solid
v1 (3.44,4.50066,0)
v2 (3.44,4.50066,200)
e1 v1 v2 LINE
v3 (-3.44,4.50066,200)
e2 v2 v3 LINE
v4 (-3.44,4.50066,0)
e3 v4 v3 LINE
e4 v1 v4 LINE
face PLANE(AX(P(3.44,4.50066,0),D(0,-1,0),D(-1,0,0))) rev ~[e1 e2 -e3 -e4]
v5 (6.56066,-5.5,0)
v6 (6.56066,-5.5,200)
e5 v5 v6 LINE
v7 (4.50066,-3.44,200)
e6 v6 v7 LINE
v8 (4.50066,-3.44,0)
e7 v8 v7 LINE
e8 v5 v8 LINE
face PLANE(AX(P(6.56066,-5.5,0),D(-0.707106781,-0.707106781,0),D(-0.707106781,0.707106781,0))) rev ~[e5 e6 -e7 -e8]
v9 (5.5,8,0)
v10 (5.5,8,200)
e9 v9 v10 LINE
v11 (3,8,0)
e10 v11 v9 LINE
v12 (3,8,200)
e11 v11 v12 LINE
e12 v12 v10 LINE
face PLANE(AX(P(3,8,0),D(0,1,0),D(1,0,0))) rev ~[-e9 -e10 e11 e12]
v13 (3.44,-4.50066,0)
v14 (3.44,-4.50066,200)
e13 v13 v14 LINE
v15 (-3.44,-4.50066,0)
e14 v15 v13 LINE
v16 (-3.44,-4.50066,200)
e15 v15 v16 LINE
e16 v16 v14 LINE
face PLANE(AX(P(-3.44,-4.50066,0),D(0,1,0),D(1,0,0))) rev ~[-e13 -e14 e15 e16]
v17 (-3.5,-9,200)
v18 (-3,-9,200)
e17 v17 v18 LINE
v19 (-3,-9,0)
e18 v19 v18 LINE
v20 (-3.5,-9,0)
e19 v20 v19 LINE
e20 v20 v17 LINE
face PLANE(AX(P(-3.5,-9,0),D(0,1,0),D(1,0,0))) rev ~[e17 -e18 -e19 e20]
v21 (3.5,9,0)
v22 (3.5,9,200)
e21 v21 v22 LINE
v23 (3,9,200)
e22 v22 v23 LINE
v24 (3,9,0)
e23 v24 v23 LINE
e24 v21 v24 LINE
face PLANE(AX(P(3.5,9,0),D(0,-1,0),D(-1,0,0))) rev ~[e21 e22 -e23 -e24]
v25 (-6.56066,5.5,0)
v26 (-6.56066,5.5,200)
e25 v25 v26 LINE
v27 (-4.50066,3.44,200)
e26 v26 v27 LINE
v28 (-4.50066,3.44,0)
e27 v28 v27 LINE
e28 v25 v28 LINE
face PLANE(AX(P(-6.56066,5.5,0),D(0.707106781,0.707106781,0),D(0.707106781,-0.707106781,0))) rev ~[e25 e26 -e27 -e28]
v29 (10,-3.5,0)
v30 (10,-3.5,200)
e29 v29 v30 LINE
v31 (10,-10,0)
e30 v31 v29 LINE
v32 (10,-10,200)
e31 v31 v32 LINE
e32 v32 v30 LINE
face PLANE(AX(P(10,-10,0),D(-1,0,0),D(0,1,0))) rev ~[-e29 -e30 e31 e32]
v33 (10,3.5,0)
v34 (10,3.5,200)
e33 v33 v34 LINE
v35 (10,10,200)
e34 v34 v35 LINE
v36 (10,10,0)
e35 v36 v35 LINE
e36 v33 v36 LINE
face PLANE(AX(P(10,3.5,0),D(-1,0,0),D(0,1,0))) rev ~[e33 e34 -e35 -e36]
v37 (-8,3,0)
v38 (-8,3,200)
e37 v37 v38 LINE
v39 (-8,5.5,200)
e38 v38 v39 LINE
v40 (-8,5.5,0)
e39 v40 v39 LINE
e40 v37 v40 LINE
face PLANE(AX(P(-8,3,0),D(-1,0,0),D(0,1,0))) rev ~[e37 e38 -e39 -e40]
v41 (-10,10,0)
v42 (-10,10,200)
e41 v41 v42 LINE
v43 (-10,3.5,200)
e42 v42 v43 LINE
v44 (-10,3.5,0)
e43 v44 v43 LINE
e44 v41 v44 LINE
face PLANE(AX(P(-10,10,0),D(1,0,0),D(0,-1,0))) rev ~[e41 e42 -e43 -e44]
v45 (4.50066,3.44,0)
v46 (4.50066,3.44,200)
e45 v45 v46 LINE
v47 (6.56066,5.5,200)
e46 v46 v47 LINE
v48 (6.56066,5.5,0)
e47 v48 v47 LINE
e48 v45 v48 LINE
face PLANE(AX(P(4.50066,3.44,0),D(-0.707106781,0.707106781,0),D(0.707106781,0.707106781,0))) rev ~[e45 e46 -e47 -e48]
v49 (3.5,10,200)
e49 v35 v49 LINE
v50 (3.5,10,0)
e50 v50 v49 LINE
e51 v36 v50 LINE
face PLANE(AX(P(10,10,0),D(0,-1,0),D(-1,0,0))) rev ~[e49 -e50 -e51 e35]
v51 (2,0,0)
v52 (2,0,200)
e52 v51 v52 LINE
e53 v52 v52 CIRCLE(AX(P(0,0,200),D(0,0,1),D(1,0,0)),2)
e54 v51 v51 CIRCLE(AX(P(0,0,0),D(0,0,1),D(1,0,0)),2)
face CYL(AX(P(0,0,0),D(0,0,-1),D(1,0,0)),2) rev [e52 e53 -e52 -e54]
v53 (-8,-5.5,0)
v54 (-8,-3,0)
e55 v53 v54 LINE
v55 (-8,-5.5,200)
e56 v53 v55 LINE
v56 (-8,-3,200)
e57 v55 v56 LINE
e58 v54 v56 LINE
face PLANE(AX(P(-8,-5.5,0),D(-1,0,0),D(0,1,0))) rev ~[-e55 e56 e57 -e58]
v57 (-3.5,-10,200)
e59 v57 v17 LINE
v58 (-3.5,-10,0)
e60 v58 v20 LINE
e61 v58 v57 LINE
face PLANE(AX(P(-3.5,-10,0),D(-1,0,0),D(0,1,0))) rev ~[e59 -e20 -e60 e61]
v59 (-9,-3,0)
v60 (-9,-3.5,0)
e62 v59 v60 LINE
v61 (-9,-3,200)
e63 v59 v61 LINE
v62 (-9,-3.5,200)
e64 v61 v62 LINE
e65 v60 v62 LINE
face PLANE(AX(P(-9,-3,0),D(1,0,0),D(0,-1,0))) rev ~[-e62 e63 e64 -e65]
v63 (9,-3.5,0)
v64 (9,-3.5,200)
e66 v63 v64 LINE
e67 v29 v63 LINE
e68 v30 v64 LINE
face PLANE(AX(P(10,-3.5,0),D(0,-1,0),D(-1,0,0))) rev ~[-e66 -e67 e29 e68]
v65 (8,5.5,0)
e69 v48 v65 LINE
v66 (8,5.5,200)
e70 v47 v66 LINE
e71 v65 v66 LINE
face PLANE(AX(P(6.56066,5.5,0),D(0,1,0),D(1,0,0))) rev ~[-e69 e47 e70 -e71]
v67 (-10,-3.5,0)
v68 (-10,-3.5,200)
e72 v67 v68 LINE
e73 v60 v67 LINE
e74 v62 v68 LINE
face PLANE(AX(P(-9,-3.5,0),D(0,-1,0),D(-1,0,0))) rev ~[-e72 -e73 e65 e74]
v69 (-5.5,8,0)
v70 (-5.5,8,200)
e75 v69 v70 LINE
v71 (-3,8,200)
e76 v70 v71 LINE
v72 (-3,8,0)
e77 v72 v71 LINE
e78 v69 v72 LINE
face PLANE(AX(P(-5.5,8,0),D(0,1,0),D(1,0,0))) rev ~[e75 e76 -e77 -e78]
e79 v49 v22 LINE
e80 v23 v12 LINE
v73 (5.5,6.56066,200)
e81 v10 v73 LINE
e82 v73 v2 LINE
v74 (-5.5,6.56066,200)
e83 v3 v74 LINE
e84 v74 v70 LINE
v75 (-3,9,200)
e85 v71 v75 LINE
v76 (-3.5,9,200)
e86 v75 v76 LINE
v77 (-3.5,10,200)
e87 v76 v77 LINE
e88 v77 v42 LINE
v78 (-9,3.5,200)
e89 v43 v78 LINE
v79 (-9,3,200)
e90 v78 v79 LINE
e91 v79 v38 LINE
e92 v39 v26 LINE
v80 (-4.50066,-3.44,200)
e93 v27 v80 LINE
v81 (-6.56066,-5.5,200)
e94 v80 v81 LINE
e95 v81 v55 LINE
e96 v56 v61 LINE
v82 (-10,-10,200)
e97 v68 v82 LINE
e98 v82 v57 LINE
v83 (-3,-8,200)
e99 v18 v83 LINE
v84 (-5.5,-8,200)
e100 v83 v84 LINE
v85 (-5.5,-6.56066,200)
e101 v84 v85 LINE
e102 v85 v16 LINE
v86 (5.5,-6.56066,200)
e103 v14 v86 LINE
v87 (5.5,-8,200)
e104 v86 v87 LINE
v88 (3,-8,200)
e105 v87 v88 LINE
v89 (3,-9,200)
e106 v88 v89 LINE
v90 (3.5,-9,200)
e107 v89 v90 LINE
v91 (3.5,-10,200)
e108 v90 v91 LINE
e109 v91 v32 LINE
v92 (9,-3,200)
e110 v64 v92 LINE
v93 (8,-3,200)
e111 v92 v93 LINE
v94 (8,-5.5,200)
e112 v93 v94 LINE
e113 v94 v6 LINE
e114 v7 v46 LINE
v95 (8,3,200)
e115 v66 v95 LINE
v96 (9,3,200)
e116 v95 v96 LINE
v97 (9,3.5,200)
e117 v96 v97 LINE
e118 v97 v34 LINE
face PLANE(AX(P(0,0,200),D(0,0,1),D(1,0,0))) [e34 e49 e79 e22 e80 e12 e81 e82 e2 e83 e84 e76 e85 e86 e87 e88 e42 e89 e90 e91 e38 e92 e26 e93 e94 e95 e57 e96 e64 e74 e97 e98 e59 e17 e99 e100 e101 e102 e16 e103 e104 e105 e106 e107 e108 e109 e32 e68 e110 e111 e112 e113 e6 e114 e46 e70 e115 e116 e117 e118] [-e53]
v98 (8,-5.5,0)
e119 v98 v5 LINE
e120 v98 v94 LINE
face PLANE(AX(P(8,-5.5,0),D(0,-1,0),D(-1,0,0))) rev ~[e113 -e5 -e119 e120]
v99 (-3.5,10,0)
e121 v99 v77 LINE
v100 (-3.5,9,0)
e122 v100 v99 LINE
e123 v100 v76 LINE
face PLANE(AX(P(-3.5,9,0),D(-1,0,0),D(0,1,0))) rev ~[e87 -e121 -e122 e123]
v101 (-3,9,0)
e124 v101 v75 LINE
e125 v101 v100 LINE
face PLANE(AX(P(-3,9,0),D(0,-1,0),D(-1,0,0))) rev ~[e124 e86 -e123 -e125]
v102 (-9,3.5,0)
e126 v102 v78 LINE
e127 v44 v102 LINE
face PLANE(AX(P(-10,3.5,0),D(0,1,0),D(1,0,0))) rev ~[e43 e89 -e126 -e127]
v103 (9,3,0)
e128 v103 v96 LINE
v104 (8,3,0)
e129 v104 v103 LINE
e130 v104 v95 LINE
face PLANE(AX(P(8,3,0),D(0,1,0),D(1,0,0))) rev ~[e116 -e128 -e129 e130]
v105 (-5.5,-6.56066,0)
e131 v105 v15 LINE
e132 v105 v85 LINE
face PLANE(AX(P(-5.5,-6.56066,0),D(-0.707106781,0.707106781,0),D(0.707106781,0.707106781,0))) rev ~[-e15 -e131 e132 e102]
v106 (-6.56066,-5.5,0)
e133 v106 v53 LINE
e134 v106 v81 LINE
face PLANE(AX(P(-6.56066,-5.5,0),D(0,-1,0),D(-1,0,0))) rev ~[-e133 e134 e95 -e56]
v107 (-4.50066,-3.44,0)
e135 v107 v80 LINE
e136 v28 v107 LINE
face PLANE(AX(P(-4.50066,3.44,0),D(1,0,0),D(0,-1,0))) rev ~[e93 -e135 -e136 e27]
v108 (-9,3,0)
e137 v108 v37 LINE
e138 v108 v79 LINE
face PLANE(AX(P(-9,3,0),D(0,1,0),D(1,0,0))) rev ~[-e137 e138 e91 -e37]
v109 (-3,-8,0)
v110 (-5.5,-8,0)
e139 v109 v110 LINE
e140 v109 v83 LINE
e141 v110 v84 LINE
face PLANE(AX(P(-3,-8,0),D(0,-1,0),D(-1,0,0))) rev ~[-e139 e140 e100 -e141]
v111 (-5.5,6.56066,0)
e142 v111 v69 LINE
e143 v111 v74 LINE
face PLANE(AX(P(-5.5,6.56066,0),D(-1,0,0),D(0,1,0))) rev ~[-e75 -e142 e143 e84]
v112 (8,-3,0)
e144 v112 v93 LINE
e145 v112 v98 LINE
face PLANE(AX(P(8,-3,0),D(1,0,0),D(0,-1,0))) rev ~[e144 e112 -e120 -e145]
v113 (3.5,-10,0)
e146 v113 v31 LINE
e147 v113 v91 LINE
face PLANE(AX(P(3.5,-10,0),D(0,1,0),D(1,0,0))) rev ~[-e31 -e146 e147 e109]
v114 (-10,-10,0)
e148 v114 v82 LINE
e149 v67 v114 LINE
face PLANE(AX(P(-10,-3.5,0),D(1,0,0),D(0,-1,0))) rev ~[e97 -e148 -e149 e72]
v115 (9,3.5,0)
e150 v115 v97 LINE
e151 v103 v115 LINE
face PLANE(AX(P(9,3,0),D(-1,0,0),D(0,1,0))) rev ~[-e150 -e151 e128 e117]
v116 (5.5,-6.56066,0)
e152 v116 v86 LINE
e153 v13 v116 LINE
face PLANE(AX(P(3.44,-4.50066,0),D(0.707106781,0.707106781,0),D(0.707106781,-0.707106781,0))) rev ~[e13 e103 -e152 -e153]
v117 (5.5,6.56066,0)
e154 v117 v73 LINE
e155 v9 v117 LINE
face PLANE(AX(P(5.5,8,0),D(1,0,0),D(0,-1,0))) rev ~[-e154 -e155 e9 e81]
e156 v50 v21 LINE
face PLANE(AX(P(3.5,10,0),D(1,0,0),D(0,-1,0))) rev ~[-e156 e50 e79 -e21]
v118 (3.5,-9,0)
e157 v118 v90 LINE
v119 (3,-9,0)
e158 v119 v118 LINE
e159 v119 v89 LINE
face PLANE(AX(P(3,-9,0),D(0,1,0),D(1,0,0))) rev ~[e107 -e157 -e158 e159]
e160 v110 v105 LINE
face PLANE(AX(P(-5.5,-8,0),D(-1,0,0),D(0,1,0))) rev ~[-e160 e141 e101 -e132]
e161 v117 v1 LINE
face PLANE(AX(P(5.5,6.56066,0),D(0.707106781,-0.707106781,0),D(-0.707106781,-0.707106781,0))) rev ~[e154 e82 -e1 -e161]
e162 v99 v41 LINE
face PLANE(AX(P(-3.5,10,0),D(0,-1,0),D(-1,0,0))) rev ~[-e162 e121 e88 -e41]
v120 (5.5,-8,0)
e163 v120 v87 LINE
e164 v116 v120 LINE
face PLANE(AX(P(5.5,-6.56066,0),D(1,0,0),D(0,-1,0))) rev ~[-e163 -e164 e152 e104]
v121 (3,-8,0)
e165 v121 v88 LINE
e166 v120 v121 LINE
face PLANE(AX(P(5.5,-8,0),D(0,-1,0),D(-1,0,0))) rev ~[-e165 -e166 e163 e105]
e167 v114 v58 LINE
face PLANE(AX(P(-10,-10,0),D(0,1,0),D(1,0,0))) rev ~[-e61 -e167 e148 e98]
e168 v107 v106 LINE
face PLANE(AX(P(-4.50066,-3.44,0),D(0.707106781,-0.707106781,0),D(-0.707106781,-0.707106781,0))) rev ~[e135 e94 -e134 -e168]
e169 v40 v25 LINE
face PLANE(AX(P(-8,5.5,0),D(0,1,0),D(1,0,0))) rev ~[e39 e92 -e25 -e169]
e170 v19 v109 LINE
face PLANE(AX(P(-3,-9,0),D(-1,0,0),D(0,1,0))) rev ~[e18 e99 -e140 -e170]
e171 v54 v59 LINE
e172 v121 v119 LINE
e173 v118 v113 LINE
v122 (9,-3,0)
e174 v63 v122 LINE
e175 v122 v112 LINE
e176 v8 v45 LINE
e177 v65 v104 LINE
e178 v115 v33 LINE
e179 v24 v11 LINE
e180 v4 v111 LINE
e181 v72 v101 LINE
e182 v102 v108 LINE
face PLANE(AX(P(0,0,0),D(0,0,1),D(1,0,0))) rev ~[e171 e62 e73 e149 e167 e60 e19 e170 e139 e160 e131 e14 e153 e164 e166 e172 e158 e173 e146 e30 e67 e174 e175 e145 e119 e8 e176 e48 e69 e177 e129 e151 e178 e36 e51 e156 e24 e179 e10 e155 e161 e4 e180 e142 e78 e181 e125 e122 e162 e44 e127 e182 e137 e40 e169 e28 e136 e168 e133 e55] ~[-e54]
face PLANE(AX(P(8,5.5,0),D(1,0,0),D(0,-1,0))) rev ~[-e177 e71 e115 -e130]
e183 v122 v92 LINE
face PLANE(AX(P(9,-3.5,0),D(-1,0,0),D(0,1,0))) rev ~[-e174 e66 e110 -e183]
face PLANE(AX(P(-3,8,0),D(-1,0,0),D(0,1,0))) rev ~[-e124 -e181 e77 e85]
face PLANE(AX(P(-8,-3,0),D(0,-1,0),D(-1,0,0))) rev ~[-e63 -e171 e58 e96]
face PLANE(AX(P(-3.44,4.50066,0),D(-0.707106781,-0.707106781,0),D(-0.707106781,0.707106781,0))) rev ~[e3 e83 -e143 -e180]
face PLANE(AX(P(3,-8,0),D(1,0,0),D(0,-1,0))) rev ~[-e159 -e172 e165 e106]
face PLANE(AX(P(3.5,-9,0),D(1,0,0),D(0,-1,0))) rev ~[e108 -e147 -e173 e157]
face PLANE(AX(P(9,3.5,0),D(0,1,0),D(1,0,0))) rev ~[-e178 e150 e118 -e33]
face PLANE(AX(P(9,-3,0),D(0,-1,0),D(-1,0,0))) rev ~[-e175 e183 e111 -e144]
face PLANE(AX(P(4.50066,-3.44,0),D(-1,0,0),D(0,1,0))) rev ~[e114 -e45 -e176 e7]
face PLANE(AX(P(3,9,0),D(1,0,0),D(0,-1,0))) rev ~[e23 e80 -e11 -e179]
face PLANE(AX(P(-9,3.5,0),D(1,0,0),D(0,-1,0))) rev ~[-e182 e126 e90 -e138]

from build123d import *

# Parameters (mm, degrees)
SKETCH1_R           = 2
BOSS_EXTRUDE1_DEPTH = 200


with BuildPart() as part:
    # Sketch1 → Boss-Extrude1 (new body)
    with BuildSketch(Plane.XY):
        Polygon((-10, -10), (-3.5, -10), (-3.5, -9), (-3, -9), (-3, -8), (-5.5, -8), (-5.5, -6.560660172), (-3.44, -4.500660172), (3.44, -4.500660172), (5.5, -6.560660172), (5.5, -8), (3, -8), (3, -9), (3.5, -9), (3.5, -10), (10, -10), (10, -3.5), (9, -3.5), (9, -3), (8, -3), (8, -5.5), (6.560660172, -5.5), (4.500660172, -3.44), (4.500660172, 3.44), (6.560660172, 5.5), (8, 5.5), (8, 3), (9, 3), (9, 3.5), (10, 3.5), (10, 10), (3.5, 10), (3.5, 9), (3, 9), (3, 8), (5.5, 8), (5.5, 6.560660172), (3.44, 4.500660172), (-3.44, 4.500660172), (-5.5, 6.560660172), (-5.5, 8), (-3, 8), (-3, 9), (-3.5, 9), (-3.5, 10), (-10, 10), (-10, 3.5), (-9, 3.5), (-9, 3), (-8, 3), (-8, 5.5), (-6.560660172, 5.5), (-4.500660172, 3.44), (-4.500660172, -3.44), (-6.560660172, -5.5), (-8, -5.5), (-8, -3), (-9, -3), (-9, -3.5), (-10, -3.5), align=None)
        Circle(SKETCH1_R, mode=Mode.SUBTRACT)
    extrude(amount=BOSS_EXTRUDE1_DEPTH)


solid = part.part
